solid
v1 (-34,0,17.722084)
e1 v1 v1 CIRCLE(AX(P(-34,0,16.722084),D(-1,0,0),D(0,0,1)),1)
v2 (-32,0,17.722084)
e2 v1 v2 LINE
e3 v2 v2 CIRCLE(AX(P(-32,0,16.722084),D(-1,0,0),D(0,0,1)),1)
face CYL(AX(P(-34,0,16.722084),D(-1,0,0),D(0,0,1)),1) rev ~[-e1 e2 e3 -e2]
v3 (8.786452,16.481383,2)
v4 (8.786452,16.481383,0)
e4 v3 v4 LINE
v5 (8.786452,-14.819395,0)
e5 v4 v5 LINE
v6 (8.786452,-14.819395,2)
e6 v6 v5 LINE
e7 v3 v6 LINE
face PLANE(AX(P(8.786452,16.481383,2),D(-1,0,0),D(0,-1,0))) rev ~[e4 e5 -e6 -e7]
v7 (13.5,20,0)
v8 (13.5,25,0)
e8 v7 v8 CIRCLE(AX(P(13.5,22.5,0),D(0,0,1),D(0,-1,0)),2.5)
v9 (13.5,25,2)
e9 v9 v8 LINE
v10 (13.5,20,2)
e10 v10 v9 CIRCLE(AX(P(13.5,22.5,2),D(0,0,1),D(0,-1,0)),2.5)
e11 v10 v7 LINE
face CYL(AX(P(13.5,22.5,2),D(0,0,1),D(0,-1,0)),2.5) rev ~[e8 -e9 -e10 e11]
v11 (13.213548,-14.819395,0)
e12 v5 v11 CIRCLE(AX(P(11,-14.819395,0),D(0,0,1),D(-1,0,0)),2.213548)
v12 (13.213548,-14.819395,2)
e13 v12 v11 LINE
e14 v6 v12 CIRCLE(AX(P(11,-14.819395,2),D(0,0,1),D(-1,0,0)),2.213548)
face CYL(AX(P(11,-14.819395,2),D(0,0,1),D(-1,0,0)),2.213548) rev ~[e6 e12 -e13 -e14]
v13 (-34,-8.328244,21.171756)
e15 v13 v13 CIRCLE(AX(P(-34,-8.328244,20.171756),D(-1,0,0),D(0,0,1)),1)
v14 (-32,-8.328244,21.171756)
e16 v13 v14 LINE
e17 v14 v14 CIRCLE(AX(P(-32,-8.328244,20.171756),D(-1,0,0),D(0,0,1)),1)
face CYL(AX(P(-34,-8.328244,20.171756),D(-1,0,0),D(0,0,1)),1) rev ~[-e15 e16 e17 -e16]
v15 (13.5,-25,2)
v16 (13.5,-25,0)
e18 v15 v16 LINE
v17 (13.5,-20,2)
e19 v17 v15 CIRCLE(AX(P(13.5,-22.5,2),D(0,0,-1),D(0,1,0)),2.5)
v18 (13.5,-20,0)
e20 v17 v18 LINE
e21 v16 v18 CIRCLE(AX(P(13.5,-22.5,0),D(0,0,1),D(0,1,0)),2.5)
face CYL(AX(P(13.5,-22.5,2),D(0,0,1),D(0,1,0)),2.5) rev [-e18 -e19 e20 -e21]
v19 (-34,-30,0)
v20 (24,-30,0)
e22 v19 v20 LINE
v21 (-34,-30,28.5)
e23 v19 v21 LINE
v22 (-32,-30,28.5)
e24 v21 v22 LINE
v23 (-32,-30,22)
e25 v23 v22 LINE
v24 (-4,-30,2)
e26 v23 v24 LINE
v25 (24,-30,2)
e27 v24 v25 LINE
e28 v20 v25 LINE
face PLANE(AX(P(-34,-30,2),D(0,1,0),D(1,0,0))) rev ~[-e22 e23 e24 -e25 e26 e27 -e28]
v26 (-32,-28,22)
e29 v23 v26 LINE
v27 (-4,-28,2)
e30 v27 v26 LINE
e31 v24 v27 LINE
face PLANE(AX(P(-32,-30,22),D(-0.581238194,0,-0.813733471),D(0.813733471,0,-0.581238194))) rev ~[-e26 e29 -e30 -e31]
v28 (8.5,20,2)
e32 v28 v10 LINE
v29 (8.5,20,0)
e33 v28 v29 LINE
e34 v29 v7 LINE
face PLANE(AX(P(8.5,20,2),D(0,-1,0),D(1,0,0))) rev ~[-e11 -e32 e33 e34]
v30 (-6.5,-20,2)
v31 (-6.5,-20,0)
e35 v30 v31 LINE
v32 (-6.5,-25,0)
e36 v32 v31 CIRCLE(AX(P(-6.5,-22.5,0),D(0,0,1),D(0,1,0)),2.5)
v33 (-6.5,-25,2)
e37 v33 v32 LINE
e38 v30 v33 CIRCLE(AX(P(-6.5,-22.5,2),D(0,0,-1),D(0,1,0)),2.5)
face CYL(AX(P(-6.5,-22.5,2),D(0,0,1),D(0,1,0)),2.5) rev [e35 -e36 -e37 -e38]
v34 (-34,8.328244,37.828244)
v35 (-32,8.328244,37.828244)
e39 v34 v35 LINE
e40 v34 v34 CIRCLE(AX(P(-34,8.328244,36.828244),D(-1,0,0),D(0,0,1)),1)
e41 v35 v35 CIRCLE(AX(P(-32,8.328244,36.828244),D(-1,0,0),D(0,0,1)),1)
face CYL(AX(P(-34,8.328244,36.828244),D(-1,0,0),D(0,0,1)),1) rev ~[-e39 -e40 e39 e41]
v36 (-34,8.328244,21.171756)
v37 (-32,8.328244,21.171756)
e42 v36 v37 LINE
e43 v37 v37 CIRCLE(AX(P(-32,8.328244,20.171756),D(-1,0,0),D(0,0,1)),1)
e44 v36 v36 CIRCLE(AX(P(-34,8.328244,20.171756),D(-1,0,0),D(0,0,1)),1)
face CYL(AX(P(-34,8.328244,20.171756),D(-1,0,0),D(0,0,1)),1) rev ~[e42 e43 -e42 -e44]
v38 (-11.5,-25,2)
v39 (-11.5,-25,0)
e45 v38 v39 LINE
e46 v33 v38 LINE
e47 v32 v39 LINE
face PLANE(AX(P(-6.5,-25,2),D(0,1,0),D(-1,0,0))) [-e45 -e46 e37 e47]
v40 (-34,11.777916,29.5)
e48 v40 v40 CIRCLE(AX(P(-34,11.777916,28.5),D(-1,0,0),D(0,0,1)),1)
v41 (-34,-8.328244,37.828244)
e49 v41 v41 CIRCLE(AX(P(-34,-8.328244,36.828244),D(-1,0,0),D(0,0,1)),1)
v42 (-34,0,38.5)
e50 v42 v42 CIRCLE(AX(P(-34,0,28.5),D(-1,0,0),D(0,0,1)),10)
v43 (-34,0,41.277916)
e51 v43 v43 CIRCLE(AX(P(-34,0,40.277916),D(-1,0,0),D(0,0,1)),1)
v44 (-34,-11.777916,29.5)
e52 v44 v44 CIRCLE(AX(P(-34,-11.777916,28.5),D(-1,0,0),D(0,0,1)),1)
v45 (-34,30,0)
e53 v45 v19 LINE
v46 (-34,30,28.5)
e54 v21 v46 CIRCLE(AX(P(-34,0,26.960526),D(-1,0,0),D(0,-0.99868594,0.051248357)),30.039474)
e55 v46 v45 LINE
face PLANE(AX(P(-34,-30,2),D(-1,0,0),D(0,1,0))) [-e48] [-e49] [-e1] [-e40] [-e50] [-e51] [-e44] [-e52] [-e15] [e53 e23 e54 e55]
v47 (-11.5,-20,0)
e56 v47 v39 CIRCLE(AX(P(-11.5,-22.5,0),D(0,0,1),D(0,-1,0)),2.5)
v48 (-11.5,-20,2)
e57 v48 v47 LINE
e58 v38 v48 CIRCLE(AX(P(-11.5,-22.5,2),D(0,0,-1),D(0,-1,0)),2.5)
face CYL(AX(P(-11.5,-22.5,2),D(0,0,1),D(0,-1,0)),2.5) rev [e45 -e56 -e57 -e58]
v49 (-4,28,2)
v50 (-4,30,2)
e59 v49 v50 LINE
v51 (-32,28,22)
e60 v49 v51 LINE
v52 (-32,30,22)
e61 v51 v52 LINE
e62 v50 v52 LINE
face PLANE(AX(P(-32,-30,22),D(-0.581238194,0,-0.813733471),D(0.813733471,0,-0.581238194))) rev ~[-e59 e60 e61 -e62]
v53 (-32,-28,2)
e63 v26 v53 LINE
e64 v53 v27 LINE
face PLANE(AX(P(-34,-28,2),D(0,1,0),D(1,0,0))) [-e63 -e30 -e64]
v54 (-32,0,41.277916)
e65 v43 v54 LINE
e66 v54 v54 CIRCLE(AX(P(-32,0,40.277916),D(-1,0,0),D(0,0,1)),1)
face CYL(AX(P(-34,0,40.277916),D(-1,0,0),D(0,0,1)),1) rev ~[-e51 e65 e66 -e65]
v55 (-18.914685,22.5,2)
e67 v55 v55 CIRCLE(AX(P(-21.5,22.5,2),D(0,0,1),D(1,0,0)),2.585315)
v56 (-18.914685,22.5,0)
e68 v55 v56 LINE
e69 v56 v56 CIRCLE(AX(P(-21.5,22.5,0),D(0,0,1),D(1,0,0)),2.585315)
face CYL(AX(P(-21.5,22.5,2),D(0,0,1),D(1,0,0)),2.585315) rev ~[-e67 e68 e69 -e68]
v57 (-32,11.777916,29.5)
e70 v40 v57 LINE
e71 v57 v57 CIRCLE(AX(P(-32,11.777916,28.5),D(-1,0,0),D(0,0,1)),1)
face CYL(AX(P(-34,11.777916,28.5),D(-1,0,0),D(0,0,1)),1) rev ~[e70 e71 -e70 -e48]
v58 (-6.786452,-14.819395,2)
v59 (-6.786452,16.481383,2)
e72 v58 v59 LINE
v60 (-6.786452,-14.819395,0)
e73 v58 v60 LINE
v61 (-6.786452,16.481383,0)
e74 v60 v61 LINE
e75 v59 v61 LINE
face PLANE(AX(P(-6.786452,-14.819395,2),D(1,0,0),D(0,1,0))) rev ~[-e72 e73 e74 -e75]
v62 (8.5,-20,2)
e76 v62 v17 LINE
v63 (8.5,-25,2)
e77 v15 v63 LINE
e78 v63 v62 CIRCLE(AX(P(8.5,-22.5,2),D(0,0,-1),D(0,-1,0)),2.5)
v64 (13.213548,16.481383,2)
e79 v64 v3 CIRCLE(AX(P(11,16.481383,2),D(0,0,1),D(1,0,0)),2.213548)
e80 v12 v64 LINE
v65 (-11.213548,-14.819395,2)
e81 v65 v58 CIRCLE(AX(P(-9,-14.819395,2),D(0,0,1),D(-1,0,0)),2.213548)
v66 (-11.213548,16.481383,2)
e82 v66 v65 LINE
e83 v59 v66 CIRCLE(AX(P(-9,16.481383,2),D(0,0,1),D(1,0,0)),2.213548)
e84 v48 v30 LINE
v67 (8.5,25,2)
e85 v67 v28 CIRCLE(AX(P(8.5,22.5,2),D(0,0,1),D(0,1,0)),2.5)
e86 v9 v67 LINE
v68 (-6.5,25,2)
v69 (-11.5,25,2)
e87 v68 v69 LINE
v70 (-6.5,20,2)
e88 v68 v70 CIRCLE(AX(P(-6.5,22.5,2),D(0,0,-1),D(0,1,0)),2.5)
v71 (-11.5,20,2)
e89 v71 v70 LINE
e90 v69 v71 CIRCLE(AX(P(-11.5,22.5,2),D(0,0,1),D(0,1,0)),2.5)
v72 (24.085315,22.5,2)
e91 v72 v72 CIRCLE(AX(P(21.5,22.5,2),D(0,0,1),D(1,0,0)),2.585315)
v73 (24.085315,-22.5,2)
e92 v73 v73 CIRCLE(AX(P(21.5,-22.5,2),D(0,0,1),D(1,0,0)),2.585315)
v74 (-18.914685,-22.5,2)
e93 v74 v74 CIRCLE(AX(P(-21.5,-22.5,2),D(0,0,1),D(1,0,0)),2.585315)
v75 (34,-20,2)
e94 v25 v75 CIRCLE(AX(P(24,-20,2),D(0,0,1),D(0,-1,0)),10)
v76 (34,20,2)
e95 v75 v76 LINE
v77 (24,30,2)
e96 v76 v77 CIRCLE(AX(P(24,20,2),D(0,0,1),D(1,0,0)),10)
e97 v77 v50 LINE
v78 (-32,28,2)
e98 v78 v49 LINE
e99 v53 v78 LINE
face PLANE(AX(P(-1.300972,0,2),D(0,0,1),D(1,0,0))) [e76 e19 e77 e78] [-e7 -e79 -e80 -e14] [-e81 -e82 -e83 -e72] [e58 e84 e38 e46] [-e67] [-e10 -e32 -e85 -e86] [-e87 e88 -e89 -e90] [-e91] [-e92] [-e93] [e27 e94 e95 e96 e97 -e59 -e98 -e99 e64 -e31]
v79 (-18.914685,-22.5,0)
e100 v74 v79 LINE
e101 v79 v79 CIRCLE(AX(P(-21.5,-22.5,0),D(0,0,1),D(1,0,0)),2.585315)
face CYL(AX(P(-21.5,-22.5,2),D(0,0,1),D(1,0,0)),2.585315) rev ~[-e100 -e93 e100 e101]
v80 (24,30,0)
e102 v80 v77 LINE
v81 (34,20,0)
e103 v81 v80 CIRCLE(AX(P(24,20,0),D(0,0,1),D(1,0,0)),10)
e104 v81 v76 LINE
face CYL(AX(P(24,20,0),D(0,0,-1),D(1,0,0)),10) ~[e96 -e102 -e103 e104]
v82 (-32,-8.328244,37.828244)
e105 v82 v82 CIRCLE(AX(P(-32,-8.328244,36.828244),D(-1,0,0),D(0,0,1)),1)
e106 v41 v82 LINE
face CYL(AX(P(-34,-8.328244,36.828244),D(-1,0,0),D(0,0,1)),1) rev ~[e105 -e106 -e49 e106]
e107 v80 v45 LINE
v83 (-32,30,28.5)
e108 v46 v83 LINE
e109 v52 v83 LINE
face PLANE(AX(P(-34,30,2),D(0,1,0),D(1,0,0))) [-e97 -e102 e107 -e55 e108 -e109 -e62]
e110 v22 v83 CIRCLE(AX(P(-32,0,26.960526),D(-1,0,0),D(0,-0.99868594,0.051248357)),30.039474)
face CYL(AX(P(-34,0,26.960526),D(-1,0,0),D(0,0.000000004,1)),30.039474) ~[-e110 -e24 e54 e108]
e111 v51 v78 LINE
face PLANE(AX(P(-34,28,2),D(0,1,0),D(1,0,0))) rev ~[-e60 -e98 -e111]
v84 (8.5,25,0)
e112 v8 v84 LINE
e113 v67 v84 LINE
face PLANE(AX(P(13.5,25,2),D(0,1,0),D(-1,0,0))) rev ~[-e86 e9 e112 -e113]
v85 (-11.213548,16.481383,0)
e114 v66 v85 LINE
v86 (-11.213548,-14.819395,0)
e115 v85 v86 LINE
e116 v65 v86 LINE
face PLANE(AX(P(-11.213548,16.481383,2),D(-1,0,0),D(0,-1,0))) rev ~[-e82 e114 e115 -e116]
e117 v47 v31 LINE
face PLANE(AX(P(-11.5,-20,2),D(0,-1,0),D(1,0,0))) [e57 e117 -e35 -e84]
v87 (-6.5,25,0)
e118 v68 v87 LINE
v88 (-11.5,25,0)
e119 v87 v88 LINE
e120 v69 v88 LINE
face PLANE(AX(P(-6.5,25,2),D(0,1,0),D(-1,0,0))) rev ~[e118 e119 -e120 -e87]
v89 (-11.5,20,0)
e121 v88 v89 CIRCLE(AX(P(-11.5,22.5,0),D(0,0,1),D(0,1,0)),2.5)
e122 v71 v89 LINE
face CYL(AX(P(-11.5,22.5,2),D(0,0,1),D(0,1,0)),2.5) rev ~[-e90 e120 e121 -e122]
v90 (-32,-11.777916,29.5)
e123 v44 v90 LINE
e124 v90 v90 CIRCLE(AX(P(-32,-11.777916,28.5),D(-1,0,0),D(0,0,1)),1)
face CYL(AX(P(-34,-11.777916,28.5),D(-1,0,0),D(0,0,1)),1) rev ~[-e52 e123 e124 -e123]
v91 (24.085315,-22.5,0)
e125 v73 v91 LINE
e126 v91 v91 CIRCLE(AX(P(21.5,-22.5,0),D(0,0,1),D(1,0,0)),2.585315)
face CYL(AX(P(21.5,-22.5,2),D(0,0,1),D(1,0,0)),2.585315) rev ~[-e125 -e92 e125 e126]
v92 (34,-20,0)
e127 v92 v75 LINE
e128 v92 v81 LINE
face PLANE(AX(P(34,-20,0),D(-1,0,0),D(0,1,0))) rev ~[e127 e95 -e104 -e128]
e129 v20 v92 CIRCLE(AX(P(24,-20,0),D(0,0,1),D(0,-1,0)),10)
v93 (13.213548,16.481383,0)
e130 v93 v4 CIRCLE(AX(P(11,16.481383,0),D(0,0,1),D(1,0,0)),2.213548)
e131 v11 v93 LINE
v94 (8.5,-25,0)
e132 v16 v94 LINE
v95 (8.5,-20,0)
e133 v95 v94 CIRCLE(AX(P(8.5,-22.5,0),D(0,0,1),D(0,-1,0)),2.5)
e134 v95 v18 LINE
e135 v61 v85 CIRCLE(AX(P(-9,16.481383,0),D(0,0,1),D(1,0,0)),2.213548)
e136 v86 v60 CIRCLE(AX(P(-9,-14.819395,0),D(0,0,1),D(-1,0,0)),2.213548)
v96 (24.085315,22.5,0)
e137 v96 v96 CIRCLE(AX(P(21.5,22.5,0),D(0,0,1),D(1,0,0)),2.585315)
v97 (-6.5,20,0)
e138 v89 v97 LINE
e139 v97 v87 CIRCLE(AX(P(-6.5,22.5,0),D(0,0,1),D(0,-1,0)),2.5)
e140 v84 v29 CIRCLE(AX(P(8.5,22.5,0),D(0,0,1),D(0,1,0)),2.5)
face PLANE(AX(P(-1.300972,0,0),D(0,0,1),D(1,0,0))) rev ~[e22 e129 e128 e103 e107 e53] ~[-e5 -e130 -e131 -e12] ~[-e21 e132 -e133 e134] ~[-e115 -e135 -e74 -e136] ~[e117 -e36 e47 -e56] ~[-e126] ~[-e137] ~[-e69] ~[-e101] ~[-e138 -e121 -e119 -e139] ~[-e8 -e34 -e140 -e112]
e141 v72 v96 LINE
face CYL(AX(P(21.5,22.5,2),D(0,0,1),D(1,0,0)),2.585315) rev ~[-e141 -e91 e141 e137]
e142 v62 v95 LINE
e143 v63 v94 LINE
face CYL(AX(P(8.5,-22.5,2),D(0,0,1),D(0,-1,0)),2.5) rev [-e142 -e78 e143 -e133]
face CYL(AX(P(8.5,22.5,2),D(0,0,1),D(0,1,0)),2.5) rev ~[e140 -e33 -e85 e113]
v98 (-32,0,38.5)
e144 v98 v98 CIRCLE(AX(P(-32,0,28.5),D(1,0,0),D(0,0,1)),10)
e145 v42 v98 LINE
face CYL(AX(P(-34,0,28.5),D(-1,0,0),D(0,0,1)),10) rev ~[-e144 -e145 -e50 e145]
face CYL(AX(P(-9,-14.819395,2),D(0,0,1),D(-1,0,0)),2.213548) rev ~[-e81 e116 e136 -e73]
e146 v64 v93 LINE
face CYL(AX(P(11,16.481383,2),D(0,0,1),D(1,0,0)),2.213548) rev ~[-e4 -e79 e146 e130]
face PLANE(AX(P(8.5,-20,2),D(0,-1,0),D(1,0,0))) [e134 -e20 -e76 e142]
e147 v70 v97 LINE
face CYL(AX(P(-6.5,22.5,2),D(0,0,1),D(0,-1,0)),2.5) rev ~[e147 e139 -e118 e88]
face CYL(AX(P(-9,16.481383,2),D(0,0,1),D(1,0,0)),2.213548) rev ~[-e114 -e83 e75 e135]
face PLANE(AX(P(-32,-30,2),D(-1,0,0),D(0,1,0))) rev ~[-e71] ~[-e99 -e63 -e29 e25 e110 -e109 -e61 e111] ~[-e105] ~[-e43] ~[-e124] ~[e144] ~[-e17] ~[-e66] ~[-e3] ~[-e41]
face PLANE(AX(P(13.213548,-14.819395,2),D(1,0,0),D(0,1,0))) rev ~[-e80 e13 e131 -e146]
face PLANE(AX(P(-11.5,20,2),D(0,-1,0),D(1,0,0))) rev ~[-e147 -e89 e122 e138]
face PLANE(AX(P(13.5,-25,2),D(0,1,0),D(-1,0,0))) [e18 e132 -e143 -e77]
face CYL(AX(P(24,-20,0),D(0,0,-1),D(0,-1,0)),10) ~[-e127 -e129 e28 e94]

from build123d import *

# Parameters (mm, degrees)
BOSS_EXTRUDE1_DEPTH = 2
SKETCH5_W           = 2
SKETCH5_H           = 60
BOSS_EXTRUDE2_DEPTH = 55
SKETCH6_R           = 10
SKETCH6_R_2         = 1
CUT_EXTRUDE2_DEPTH  = 55
SKETCH8_R           = 2.585315043
CUT_EXTRUDE3_DEPTH  = 55
SKETCH4_W           = 30
SKETCH4_H           = 2
BOSS_EXTRUDE3_DEPTH = 20
CUT_EXTRUDE4_DEPTH  = 100


with BuildPart() as part:
    # Sketch2 → Boss-Extrude1 (new body)
    with BuildSketch(Plane.XY):
        with BuildLine():
            Line((-34, -30), (24, -30))
            ThreePointArc((24, -30), (31.071067812, -27.071067812), (34, -20))
            Line((34, -20), (34, 20))
            ThreePointArc((34, 20), (31.071067812, 27.071067812), (24, 30))
            Line((24, 30), (-34, 30))
            Line((-34, 30), (-34, -30))
        make_face()
    extrude(amount=BOSS_EXTRUDE1_DEPTH)

    # Sketch5 → Boss-Extrude2 (add)
    with BuildSketch(Plane.XY.offset(2)):
        with Locations((-33, 0)):
            Rectangle(SKETCH5_W, SKETCH5_H)
    extrude(amount=BOSS_EXTRUDE2_DEPTH)

    # Sketch6 → Cut-Extrude2 (cut)
    with BuildSketch(Plane.ZY.offset(34)):
        with Locations((28.5, 0)):
            Circle(SKETCH6_R)
        with Locations((40.277915604, 0)):
            Circle(SKETCH6_R_2)
        with Locations((36.828243992, -8.328243992)):
            Circle(SKETCH6_R_2)
        with Locations((28.5, -11.777915604)):
            Circle(SKETCH6_R_2)
        with Locations((20.171756008, -8.328243992)):
            Circle(SKETCH6_R_2)
        with Locations((16.722084396, 0)):
            Circle(SKETCH6_R_2)
        with Locations((20.171756008, 8.328243992)):
            Circle(SKETCH6_R_2)
        with Locations((28.5, 11.777915604)):
            Circle(SKETCH6_R_2)
        with Locations((36.828243992, 8.328243992)):
            Circle(SKETCH6_R_2)
        with BuildLine():
            Line((57, 30), (28.5, 30))
            ThreePointArc((28.5, 30), (48.739127681, 20.68967138), (57, 1.21e-07))
            Line((57, 1.21e-07), (57, 30))
        make_face()
        with BuildLine():
            Line((57, -30), (57, 1.21e-07))
            ThreePointArc((57, 1.21e-07), (48.739127764, -20.689671292), (28.5, -30))
            Line((28.5, -30), (57, -30))
        make_face()
    extrude(amount=-CUT_EXTRUDE2_DEPTH, mode=Mode.SUBTRACT)

    # Sketch8 → Cut-Extrude3 (cut)
    with BuildSketch(Plane.XY.offset(2)):
        with Locations((-21.5, 22.5)):
            Circle(SKETCH8_R)
        with BuildLine():
            Line((-11.5, 20), (-6.5, 20))
            ThreePointArc((-6.5, 20), (-4, 22.5), (-6.5, 25))
            Line((-6.5, 25), (-11.5, 25))
            ThreePointArc((-11.5, 25), (-14, 22.5), (-11.5, 20))
        make_face()
        with BuildLine():
            Line((8.5, 20), (13.5, 20))
            ThreePointArc((13.5, 20), (16, 22.5), (13.5, 25))
            Line((13.5, 25), (8.5, 25))
            ThreePointArc((8.5, 25), (6, 22.5), (8.5, 20))
        make_face()
        with Locations((21.5, 22.5)):
            Circle(SKETCH8_R)
        with BuildLine():
            Line((8.786451989, 16.481383401), (8.786451989, -14.819395159))
            ThreePointArc((8.786451989, -14.819395159), (11, -17.03294317), (13.213548011, -14.819395159))
            Line((13.213548011, -14.819395159), (13.213548011, 16.481383401))
            ThreePointArc((13.213548011, 16.481383401), (11, 18.694931413), (8.786451989, 16.481383401))
        make_face()
        with BuildLine():
            Line((-11.213548011, 16.481383401), (-11.213548011, -14.819395159))
            ThreePointArc((-11.213548011, -14.819395159), (-9, -17.03294317), (-6.786451989, -14.819395159))
            Line((-6.786451989, -14.819395159), (-6.786451989, 16.481383401))
            ThreePointArc((-6.786451989, 16.481383401), (-9, 18.694931413), (-11.213548011, 16.481383401))
        make_face()
        with Locations((-21.5, -22.5)):
            Circle(SKETCH8_R)
        with BuildLine():
            ThreePointArc((-6.5, -20), (-4, -22.5), (-6.5, -25))
            Line((-6.5, -25), (-11.5, -25))
            ThreePointArc((-11.5, -25), (-14, -22.5), (-11.5, -20))
            Line((-11.5, -20), (-6.5, -20))
        make_face()
        with BuildLine():
            ThreePointArc((13.5, -20), (16, -22.5), (13.5, -25))
            Line((13.5, -25), (8.5, -25))
            ThreePointArc((8.5, -25), (6, -22.5), (8.5, -20))
            Line((8.5, -20), (13.5, -20))
        make_face()
        with Locations((21.5, -22.5)):
            Circle(SKETCH8_R)
    extrude(amount=-CUT_EXTRUDE3_DEPTH, mode=Mode.SUBTRACT)

    # Sketch4 → Boss-Extrude3 (add)
    with BuildSketch(Plane.XY.offset(2)):
        with Locations((-19, -29)):
            Rectangle(SKETCH4_W, SKETCH4_H)
        with Locations((-19, 29)):
            Rectangle(SKETCH4_W, SKETCH4_H)
    extrude(amount=BOSS_EXTRUDE3_DEPTH)

    # Sketch10 → Cut-Extrude4 (cut)
    with BuildSketch(Plane.XZ.offset(30)):
        Polygon((-32, 22), (-4, 2), (-4, 22), align=None)
    extrude(amount=-CUT_EXTRUDE4_DEPTH, mode=Mode.SUBTRACT)


solid = part.part
